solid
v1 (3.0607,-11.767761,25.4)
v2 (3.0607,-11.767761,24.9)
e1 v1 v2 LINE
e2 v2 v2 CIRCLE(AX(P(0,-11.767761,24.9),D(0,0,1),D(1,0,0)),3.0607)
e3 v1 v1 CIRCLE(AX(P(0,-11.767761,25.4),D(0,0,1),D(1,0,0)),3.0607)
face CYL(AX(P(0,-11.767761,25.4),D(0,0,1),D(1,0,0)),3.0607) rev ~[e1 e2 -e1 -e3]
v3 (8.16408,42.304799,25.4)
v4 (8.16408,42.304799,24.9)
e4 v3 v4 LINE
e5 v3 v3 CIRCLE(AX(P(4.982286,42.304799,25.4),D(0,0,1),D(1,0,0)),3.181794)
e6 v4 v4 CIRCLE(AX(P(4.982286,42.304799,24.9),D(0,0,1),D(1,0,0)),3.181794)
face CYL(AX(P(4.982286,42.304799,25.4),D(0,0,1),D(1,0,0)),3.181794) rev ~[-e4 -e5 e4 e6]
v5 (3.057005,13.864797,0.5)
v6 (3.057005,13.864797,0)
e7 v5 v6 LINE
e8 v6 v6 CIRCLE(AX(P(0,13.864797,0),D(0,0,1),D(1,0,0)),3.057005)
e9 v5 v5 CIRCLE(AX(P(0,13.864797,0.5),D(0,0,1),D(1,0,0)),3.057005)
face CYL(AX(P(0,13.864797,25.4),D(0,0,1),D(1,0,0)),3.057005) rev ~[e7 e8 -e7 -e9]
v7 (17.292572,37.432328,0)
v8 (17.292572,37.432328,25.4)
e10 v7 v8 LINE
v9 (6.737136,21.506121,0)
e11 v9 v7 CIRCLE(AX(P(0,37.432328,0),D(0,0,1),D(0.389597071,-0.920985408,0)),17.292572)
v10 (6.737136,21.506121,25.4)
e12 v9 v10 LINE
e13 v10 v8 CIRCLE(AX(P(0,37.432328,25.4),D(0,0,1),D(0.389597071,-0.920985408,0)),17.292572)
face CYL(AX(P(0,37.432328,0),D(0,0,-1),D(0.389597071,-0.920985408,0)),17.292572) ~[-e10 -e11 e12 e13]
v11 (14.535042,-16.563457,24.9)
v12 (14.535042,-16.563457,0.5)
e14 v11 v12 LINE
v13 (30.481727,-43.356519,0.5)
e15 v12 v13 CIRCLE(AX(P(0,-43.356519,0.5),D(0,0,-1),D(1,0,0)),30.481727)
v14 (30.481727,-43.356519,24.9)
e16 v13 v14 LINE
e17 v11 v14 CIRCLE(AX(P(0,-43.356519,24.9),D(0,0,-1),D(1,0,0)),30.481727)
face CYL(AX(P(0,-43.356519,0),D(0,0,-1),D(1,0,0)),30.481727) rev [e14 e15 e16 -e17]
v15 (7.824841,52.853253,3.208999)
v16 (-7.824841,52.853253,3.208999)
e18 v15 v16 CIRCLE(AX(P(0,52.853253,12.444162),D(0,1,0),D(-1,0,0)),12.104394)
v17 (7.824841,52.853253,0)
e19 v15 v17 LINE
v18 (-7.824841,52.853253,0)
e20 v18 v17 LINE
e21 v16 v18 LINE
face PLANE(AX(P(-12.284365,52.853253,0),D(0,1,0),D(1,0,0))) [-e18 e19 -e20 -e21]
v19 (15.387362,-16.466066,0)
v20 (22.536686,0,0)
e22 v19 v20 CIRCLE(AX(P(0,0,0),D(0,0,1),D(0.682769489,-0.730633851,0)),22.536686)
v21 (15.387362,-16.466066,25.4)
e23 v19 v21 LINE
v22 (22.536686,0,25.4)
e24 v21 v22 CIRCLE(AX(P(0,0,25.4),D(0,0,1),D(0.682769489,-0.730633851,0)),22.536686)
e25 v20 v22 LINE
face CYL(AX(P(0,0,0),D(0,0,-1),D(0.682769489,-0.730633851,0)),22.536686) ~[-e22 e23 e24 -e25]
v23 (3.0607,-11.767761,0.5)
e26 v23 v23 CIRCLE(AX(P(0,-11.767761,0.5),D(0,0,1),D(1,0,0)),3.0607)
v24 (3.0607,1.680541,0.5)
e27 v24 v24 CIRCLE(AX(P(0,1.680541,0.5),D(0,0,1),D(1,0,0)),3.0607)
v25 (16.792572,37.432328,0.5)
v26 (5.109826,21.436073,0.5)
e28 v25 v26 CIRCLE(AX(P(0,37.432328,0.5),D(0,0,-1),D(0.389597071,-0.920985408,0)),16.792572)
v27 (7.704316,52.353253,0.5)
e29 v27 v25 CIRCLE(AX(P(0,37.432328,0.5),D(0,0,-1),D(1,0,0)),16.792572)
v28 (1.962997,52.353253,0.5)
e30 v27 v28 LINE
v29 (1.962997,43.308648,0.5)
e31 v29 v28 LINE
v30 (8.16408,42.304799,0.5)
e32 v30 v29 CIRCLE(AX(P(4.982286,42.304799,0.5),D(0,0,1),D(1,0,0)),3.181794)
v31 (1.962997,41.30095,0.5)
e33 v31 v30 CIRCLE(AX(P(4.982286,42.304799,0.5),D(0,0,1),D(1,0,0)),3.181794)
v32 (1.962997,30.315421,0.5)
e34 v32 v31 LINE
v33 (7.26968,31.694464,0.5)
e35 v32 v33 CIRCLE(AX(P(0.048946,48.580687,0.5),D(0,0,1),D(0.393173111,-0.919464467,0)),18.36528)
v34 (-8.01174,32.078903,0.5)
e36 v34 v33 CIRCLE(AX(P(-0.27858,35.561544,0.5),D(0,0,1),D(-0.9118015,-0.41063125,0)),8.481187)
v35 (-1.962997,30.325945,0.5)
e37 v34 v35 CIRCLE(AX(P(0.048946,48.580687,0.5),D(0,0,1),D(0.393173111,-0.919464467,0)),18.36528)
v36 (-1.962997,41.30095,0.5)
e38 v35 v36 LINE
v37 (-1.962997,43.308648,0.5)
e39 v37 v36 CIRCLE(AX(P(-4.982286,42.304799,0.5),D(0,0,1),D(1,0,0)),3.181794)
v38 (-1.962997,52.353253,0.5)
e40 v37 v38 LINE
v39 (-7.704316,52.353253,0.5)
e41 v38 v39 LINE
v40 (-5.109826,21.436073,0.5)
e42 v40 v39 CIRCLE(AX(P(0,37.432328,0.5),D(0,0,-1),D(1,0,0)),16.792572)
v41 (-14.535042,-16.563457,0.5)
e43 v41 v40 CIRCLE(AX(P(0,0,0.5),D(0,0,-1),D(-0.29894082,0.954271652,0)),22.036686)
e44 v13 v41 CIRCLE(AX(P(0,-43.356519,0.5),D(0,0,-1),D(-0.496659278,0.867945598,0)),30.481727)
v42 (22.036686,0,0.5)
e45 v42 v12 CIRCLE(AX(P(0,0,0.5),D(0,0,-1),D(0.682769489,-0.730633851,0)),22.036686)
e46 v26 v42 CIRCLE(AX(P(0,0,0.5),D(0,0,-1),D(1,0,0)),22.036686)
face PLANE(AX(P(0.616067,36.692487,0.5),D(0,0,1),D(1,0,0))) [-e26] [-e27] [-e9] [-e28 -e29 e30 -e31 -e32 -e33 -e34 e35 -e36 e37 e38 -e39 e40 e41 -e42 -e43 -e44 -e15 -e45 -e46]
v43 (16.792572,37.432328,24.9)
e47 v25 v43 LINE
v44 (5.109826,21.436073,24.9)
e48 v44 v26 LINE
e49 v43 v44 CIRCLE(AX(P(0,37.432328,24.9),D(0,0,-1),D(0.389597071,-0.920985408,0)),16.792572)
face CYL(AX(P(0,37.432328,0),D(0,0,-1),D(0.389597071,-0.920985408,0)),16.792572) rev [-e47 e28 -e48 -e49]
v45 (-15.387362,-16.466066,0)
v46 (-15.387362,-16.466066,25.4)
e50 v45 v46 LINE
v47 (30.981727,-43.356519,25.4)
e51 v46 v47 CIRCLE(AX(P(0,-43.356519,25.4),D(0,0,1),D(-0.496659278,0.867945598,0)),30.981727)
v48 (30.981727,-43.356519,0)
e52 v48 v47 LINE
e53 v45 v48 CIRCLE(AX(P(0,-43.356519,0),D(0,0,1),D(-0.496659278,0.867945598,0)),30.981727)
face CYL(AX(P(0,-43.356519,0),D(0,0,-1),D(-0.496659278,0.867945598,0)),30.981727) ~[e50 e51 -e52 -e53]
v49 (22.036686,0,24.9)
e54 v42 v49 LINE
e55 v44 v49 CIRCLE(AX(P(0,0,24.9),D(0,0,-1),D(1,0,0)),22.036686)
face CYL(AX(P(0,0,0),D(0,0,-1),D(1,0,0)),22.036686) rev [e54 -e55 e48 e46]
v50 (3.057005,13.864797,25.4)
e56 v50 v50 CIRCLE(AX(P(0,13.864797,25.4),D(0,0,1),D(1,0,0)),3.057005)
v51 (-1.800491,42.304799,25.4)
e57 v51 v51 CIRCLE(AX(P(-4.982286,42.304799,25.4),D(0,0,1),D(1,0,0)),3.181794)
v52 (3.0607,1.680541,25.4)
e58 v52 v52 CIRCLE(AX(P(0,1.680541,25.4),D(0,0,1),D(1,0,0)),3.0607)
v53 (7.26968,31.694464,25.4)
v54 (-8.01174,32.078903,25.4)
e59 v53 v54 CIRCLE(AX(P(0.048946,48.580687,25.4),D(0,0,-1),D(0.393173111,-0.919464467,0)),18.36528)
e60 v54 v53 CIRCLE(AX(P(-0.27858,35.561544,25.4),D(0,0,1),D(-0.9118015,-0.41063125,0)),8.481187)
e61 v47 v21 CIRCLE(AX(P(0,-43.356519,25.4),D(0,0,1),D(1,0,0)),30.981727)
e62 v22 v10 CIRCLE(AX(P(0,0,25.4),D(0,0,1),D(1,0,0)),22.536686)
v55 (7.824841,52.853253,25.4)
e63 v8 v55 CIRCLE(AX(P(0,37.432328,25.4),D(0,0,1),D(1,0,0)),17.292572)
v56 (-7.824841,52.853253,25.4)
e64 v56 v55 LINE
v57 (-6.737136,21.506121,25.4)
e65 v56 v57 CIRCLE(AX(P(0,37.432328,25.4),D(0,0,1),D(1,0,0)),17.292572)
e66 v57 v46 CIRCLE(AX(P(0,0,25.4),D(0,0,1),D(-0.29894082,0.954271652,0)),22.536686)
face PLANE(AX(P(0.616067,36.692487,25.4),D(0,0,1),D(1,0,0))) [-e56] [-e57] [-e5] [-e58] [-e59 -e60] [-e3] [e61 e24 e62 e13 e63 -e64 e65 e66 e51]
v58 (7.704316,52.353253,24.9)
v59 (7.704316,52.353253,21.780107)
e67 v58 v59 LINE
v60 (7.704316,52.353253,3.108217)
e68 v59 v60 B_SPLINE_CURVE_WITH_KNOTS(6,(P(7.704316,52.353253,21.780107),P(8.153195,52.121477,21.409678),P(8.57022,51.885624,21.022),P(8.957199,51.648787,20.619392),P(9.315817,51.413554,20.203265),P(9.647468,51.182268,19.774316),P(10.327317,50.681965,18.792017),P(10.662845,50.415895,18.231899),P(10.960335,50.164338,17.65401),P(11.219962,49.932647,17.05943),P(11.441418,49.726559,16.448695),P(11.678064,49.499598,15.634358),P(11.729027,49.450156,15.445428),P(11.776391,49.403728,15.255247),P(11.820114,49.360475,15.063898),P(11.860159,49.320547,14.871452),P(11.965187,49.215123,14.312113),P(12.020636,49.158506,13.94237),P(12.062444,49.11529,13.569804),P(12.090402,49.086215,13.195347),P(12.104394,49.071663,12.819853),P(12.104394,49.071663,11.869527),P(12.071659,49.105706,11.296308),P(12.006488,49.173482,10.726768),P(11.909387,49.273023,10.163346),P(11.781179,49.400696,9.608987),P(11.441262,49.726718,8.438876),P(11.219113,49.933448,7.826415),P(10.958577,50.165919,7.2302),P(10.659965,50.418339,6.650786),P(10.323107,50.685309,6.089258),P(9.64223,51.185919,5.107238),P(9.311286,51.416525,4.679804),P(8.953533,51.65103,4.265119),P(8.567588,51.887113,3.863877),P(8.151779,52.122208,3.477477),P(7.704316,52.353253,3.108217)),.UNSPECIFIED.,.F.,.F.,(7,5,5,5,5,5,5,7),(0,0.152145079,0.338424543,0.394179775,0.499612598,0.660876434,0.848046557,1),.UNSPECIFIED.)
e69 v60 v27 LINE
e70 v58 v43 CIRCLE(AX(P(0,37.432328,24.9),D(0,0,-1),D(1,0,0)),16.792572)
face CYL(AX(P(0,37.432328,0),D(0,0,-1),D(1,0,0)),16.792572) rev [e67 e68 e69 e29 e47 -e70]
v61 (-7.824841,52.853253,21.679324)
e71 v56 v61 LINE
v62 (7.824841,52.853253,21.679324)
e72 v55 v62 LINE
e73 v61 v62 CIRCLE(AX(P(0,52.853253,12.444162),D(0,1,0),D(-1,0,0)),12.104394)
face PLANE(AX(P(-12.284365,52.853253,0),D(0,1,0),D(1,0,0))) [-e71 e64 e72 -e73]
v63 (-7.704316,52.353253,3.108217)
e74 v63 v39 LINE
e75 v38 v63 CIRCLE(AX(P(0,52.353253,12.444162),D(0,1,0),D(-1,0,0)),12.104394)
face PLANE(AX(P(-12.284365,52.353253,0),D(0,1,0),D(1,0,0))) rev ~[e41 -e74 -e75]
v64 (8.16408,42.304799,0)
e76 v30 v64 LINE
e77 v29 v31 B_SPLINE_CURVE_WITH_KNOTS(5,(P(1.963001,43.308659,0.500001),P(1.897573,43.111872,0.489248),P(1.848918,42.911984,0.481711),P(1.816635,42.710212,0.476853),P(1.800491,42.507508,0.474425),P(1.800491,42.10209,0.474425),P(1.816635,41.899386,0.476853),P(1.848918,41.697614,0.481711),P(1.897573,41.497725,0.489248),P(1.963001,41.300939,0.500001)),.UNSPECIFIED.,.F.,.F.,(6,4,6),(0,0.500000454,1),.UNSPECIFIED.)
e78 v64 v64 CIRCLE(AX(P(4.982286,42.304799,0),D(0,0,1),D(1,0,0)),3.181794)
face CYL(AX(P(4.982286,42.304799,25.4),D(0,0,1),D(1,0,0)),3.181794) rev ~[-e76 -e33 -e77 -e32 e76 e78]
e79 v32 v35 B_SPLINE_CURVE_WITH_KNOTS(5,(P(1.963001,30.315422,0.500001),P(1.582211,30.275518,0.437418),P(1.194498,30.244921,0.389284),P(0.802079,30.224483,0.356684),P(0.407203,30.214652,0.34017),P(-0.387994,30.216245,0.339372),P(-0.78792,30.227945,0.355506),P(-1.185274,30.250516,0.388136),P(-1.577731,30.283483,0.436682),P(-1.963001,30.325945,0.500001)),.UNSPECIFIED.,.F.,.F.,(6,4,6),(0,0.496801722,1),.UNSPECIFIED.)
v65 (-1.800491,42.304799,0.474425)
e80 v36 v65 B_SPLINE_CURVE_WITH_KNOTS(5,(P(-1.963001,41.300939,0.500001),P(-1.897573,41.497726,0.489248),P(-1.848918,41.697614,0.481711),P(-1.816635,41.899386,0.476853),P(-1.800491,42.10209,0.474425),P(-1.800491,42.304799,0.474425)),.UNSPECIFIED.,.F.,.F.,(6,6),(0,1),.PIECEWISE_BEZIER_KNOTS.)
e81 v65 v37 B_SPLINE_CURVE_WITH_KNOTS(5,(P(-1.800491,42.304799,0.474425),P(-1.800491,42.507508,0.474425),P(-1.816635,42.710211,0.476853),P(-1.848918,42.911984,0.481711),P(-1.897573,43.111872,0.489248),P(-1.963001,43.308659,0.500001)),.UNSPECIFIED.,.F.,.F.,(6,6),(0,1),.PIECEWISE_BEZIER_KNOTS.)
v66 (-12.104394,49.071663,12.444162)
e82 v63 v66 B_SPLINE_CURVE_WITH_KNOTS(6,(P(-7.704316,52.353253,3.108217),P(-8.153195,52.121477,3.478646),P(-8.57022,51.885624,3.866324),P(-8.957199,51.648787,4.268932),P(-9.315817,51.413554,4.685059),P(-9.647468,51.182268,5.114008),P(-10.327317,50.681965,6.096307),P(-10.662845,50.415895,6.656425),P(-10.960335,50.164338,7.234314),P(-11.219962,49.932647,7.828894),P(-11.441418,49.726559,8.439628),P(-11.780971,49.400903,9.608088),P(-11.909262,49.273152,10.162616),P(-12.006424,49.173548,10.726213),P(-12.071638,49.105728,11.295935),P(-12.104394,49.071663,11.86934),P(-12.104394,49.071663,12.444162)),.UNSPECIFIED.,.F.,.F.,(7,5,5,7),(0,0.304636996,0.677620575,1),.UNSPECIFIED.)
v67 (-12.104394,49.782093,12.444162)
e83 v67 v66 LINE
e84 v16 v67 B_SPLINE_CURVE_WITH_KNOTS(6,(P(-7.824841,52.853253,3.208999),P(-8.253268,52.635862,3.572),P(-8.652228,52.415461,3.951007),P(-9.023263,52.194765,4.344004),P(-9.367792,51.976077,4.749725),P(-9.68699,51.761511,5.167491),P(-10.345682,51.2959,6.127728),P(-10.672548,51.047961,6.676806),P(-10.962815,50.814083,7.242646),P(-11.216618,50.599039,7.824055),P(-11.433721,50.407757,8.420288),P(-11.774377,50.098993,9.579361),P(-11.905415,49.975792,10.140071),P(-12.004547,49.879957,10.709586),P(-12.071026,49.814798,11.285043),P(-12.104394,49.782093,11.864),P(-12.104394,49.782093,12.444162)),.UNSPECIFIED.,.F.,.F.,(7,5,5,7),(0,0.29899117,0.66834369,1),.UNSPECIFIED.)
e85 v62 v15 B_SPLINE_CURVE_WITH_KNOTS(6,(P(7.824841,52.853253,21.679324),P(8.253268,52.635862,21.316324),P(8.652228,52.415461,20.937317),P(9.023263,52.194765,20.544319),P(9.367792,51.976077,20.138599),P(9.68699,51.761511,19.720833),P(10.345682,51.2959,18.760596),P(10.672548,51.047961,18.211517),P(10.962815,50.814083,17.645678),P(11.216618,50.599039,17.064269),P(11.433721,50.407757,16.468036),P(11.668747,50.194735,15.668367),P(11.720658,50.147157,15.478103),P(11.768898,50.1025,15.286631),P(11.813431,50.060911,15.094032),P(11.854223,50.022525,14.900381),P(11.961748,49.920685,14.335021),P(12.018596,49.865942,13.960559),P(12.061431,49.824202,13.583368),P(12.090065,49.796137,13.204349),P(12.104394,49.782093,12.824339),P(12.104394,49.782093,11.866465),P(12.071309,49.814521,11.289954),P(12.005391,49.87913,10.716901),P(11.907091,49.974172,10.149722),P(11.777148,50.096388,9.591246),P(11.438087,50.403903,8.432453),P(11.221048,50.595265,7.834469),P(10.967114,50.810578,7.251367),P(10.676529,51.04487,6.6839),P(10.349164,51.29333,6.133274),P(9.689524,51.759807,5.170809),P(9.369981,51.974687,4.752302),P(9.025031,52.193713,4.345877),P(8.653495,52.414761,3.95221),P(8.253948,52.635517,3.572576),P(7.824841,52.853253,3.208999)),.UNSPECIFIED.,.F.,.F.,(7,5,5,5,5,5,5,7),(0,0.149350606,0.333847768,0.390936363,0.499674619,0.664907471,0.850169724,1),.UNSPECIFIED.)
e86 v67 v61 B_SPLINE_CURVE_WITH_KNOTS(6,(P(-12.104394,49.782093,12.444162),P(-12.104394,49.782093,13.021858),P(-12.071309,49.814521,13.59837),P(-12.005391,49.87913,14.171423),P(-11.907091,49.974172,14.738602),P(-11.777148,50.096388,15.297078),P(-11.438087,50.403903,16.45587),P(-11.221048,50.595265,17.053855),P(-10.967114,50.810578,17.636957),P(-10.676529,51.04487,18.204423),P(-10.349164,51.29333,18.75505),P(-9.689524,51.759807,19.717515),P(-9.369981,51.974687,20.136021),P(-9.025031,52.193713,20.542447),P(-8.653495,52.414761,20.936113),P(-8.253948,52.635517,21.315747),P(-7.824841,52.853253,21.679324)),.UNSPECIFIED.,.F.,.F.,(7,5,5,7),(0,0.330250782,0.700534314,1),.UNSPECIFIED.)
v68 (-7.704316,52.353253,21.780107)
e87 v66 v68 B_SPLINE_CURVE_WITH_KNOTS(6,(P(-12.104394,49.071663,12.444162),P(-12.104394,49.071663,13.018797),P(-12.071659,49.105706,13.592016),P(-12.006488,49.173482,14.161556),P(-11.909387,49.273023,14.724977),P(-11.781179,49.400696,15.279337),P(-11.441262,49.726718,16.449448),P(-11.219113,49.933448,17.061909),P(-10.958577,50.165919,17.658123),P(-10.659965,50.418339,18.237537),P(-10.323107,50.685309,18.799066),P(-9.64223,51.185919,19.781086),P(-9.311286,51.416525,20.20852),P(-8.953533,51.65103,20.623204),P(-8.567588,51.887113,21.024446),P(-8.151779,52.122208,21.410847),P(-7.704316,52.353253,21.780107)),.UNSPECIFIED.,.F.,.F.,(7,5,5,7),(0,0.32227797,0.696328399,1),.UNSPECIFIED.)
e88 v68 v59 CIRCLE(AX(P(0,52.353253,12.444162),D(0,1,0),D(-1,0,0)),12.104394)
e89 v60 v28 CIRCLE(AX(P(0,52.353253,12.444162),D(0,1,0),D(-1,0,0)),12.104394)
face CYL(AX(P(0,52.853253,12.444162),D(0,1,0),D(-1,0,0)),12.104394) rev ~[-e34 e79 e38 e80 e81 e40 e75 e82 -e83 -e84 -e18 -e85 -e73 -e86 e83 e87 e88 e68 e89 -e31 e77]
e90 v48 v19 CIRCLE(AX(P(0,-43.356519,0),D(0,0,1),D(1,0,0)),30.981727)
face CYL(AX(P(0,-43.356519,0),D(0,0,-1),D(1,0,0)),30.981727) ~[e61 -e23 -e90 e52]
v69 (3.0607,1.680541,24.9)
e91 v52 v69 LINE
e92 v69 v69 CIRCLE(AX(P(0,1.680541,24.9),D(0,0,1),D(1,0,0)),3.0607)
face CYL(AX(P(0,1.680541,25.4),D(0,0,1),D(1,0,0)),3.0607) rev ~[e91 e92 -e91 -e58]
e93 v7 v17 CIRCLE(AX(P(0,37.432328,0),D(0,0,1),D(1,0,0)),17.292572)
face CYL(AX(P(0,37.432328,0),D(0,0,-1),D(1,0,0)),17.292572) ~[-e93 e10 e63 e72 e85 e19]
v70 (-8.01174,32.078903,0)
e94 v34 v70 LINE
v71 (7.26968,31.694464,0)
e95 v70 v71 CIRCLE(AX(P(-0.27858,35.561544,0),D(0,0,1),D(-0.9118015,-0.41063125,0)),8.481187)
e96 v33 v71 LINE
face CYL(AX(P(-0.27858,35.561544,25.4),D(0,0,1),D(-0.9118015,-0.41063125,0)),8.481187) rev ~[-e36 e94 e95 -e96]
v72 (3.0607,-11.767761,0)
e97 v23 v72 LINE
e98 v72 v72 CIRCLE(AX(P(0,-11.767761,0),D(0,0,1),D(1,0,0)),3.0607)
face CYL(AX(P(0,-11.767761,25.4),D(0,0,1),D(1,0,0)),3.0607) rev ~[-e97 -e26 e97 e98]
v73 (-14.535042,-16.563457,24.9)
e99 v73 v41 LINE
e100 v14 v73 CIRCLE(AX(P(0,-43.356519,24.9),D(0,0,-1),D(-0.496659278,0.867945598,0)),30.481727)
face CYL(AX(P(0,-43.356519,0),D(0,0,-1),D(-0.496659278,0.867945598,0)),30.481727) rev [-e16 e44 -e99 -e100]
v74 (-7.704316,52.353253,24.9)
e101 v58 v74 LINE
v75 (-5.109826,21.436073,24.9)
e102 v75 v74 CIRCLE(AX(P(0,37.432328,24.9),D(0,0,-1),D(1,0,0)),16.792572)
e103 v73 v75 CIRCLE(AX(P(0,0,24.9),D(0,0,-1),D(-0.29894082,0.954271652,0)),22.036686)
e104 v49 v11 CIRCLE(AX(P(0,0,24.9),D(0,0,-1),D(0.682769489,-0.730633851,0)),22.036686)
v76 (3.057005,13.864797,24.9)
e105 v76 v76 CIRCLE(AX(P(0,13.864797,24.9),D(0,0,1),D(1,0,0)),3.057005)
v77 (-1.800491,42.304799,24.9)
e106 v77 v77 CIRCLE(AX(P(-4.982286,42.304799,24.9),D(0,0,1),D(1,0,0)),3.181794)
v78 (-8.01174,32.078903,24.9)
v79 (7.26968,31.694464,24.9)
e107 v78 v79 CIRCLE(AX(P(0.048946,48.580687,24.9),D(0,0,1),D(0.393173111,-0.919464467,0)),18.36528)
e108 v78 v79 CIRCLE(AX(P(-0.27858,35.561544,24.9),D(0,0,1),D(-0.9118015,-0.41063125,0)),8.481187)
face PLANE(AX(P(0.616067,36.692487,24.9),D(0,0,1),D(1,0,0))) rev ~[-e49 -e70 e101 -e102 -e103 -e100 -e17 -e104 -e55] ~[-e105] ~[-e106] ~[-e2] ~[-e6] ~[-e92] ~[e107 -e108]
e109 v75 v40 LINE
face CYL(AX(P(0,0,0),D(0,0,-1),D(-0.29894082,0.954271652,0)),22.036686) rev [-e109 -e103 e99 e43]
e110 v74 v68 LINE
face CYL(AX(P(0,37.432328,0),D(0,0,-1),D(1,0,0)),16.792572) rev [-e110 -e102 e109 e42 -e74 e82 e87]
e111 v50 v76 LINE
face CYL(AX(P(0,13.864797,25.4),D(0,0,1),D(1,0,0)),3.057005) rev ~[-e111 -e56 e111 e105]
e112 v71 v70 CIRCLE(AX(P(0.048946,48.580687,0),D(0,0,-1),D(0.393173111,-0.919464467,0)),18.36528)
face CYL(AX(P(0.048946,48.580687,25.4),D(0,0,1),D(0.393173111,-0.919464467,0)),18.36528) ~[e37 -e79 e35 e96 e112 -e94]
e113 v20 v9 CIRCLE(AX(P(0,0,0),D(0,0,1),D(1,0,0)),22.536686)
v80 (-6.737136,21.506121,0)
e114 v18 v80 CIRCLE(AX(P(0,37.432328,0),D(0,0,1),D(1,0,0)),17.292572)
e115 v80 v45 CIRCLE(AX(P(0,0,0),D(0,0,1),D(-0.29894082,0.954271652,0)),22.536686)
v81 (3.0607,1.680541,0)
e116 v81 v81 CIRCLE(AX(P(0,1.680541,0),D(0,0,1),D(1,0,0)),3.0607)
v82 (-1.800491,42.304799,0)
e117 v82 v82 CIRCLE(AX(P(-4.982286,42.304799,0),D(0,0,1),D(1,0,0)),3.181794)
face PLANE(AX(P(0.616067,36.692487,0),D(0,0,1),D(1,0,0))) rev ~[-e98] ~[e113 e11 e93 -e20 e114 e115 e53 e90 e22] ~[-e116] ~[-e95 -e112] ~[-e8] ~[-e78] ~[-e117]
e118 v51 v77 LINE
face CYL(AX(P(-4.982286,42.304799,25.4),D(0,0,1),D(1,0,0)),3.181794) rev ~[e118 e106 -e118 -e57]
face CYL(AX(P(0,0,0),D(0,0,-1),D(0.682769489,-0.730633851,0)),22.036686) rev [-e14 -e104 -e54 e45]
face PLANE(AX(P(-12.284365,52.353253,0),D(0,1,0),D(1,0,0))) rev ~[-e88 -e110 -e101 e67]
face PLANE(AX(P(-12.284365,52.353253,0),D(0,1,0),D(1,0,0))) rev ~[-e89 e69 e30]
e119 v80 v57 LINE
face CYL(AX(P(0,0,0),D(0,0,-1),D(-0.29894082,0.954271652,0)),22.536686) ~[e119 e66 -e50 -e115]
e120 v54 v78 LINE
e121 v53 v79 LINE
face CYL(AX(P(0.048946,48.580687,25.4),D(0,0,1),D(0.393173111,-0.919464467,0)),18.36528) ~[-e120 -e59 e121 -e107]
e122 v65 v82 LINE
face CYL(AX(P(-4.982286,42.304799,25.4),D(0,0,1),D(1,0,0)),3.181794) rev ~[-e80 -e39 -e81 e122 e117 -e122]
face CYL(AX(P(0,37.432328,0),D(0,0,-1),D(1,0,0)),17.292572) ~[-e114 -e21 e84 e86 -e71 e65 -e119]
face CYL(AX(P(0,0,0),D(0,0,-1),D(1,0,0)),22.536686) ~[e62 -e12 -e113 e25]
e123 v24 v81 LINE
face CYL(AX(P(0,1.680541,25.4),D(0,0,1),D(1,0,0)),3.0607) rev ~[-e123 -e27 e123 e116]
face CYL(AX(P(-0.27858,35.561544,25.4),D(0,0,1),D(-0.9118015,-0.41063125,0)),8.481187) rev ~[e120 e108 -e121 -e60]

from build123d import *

# Parameters (mm, degrees)
F1_DEPTH  = 25.4
F2_W      = 24.5687300339
F2_H      = 2.9094554484
F3_DEPTH  = 25.4
F4_T      = -0.5
F5_R      = 3.0570054972
F5_R_2    = 3.0607
F6_R      = 3.181794186
F8_DEPTH  = 25.4
F9_R      = 12.1043942534
F10_DEPTH = 25.4


with BuildPart() as f1:
    # F0 (on Top) → F1 (new body)
    with BuildSketch(Plane.XY):
        with BuildLine():
            ThreePointArc((6.7371355302, 21.506121056), (14.414150376, 27.8790390368), (17.2925723513, 37.4323278666))
            ThreePointArc((17.2925723513, 37.4323278666), (-9.5532888298, 51.8464782426), (-6.7371355302, 21.506121056))
            ThreePointArc((-6.7371355302, 21.506121056), (0, 22.5366864917), (6.7371355302, 21.506121056))
        make_face()
        with BuildLine():
            ThreePointArc((15.3873619303, -16.4660660406), (0, -22.5366864917), (-15.3873619303, -16.4660660406))
            ThreePointArc((-15.3873619303, -16.4660660406), (-15.5425277668, -70.157586494), (30.9817265156, -43.3565191925))
            ThreePointArc((30.9817265156, -43.3565191925), (26.8010673015, -27.8139914256), (15.3873619303, -16.4660660406))
        make_face()
        with BuildLine():
            ThreePointArc((6.7371355302, 21.506121056), (0, 22.5366864917), (-6.7371355302, 21.506121056))
            ThreePointArc((-6.7371355302, 21.506121056), (0, 20.1397555152), (6.7371355302, 21.506121056))
        make_face()
        with BuildLine():
            ThreePointArc((6.7371355302, 21.506121056), (0, 20.1397555152), (-6.7371355302, 21.506121056))
            ThreePointArc((-6.7371355302, 21.506121056), (-21.9737364868, 5.0057110217), (-15.3873619303, -16.4660660406))
            ThreePointArc((-15.3873619303, -16.4660660406), (0, -12.3747926769), (15.3873619303, -16.4660660406))
            ThreePointArc((15.3873619303, -16.4660660406), (20.6722324603, -8.9755803787), (22.5366864917, 0))
            ThreePointArc((22.5366864917, 0), (18.1622541184, 13.3429668127), (6.7371355302, 21.506121056))
        make_face()
        with BuildLine():
            ThreePointArc((15.3873619303, -16.4660660406), (0, -12.3747926769), (-15.3873619303, -16.4660660406))
            ThreePointArc((-15.3873619303, -16.4660660406), (0, -22.5366864917), (15.3873619303, -16.4660660406))
        make_face()
    extrude(amount=F1_DEPTH)

    # F2 (on Top) → F3 (cut)
    with BuildSketch(Plane.XY):
        with Locations((4.657e-07, 54.3079804629)):
            Rectangle(F2_W, F2_H)
    extrude(amount=F3_DEPTH, mode=Mode.SUBTRACT)

    # F4 (hollow: no face is removed)
    offset(amount=F4_T, kind=Kind.INTERSECTION, mode=Mode.SUBTRACT)

    # F5 (on face) + F6 (on face) + F7 (on face) → F8 (cut)
    with BuildSketch(Plane.XY.offset(25.4)):
        with Locations((0, 13.8647966087)):
            Circle(F5_R)
        with Locations((0, 1.6805409687)):
            Circle(F5_R_2)
        with Locations((0, -11.7677608505)):
            Circle(F5_R_2)
    with BuildSketch(Plane.XY.offset(25.4)):
        with Locations((-4.9822856672, 42.3047989607)):
            Circle(F6_R)
        with Locations((4.9822856672, 42.3047989607)):
            Circle(F6_R)
    with BuildSketch(Plane.XY.offset(25.4)):
        with BuildLine():
            ThreePointArc((7.2696800344, 31.6944643855), (-0.4129284645, 30.2212155736), (-8.011739701, 32.0789031684))
            ThreePointArc((-8.011739701, 32.0789031684), (-0.4918764169, 27.0830389619), (7.2696800344, 31.6944643855))
        make_face()
    extrude(amount=-F8_DEPTH, mode=Mode.SUBTRACT)

    # F9 (on face) → F10 (cut)
    with BuildSketch(Plane(origin=(0, 52.8532527387, 0), x_dir=(-1, 0, 0), z_dir=(0, 1, 0))):
        with Locations((0, 12.44416181)):
            Circle(F9_R)
    extrude(amount=-F10_DEPTH, mode=Mode.SUBTRACT)


solid = f1.part
